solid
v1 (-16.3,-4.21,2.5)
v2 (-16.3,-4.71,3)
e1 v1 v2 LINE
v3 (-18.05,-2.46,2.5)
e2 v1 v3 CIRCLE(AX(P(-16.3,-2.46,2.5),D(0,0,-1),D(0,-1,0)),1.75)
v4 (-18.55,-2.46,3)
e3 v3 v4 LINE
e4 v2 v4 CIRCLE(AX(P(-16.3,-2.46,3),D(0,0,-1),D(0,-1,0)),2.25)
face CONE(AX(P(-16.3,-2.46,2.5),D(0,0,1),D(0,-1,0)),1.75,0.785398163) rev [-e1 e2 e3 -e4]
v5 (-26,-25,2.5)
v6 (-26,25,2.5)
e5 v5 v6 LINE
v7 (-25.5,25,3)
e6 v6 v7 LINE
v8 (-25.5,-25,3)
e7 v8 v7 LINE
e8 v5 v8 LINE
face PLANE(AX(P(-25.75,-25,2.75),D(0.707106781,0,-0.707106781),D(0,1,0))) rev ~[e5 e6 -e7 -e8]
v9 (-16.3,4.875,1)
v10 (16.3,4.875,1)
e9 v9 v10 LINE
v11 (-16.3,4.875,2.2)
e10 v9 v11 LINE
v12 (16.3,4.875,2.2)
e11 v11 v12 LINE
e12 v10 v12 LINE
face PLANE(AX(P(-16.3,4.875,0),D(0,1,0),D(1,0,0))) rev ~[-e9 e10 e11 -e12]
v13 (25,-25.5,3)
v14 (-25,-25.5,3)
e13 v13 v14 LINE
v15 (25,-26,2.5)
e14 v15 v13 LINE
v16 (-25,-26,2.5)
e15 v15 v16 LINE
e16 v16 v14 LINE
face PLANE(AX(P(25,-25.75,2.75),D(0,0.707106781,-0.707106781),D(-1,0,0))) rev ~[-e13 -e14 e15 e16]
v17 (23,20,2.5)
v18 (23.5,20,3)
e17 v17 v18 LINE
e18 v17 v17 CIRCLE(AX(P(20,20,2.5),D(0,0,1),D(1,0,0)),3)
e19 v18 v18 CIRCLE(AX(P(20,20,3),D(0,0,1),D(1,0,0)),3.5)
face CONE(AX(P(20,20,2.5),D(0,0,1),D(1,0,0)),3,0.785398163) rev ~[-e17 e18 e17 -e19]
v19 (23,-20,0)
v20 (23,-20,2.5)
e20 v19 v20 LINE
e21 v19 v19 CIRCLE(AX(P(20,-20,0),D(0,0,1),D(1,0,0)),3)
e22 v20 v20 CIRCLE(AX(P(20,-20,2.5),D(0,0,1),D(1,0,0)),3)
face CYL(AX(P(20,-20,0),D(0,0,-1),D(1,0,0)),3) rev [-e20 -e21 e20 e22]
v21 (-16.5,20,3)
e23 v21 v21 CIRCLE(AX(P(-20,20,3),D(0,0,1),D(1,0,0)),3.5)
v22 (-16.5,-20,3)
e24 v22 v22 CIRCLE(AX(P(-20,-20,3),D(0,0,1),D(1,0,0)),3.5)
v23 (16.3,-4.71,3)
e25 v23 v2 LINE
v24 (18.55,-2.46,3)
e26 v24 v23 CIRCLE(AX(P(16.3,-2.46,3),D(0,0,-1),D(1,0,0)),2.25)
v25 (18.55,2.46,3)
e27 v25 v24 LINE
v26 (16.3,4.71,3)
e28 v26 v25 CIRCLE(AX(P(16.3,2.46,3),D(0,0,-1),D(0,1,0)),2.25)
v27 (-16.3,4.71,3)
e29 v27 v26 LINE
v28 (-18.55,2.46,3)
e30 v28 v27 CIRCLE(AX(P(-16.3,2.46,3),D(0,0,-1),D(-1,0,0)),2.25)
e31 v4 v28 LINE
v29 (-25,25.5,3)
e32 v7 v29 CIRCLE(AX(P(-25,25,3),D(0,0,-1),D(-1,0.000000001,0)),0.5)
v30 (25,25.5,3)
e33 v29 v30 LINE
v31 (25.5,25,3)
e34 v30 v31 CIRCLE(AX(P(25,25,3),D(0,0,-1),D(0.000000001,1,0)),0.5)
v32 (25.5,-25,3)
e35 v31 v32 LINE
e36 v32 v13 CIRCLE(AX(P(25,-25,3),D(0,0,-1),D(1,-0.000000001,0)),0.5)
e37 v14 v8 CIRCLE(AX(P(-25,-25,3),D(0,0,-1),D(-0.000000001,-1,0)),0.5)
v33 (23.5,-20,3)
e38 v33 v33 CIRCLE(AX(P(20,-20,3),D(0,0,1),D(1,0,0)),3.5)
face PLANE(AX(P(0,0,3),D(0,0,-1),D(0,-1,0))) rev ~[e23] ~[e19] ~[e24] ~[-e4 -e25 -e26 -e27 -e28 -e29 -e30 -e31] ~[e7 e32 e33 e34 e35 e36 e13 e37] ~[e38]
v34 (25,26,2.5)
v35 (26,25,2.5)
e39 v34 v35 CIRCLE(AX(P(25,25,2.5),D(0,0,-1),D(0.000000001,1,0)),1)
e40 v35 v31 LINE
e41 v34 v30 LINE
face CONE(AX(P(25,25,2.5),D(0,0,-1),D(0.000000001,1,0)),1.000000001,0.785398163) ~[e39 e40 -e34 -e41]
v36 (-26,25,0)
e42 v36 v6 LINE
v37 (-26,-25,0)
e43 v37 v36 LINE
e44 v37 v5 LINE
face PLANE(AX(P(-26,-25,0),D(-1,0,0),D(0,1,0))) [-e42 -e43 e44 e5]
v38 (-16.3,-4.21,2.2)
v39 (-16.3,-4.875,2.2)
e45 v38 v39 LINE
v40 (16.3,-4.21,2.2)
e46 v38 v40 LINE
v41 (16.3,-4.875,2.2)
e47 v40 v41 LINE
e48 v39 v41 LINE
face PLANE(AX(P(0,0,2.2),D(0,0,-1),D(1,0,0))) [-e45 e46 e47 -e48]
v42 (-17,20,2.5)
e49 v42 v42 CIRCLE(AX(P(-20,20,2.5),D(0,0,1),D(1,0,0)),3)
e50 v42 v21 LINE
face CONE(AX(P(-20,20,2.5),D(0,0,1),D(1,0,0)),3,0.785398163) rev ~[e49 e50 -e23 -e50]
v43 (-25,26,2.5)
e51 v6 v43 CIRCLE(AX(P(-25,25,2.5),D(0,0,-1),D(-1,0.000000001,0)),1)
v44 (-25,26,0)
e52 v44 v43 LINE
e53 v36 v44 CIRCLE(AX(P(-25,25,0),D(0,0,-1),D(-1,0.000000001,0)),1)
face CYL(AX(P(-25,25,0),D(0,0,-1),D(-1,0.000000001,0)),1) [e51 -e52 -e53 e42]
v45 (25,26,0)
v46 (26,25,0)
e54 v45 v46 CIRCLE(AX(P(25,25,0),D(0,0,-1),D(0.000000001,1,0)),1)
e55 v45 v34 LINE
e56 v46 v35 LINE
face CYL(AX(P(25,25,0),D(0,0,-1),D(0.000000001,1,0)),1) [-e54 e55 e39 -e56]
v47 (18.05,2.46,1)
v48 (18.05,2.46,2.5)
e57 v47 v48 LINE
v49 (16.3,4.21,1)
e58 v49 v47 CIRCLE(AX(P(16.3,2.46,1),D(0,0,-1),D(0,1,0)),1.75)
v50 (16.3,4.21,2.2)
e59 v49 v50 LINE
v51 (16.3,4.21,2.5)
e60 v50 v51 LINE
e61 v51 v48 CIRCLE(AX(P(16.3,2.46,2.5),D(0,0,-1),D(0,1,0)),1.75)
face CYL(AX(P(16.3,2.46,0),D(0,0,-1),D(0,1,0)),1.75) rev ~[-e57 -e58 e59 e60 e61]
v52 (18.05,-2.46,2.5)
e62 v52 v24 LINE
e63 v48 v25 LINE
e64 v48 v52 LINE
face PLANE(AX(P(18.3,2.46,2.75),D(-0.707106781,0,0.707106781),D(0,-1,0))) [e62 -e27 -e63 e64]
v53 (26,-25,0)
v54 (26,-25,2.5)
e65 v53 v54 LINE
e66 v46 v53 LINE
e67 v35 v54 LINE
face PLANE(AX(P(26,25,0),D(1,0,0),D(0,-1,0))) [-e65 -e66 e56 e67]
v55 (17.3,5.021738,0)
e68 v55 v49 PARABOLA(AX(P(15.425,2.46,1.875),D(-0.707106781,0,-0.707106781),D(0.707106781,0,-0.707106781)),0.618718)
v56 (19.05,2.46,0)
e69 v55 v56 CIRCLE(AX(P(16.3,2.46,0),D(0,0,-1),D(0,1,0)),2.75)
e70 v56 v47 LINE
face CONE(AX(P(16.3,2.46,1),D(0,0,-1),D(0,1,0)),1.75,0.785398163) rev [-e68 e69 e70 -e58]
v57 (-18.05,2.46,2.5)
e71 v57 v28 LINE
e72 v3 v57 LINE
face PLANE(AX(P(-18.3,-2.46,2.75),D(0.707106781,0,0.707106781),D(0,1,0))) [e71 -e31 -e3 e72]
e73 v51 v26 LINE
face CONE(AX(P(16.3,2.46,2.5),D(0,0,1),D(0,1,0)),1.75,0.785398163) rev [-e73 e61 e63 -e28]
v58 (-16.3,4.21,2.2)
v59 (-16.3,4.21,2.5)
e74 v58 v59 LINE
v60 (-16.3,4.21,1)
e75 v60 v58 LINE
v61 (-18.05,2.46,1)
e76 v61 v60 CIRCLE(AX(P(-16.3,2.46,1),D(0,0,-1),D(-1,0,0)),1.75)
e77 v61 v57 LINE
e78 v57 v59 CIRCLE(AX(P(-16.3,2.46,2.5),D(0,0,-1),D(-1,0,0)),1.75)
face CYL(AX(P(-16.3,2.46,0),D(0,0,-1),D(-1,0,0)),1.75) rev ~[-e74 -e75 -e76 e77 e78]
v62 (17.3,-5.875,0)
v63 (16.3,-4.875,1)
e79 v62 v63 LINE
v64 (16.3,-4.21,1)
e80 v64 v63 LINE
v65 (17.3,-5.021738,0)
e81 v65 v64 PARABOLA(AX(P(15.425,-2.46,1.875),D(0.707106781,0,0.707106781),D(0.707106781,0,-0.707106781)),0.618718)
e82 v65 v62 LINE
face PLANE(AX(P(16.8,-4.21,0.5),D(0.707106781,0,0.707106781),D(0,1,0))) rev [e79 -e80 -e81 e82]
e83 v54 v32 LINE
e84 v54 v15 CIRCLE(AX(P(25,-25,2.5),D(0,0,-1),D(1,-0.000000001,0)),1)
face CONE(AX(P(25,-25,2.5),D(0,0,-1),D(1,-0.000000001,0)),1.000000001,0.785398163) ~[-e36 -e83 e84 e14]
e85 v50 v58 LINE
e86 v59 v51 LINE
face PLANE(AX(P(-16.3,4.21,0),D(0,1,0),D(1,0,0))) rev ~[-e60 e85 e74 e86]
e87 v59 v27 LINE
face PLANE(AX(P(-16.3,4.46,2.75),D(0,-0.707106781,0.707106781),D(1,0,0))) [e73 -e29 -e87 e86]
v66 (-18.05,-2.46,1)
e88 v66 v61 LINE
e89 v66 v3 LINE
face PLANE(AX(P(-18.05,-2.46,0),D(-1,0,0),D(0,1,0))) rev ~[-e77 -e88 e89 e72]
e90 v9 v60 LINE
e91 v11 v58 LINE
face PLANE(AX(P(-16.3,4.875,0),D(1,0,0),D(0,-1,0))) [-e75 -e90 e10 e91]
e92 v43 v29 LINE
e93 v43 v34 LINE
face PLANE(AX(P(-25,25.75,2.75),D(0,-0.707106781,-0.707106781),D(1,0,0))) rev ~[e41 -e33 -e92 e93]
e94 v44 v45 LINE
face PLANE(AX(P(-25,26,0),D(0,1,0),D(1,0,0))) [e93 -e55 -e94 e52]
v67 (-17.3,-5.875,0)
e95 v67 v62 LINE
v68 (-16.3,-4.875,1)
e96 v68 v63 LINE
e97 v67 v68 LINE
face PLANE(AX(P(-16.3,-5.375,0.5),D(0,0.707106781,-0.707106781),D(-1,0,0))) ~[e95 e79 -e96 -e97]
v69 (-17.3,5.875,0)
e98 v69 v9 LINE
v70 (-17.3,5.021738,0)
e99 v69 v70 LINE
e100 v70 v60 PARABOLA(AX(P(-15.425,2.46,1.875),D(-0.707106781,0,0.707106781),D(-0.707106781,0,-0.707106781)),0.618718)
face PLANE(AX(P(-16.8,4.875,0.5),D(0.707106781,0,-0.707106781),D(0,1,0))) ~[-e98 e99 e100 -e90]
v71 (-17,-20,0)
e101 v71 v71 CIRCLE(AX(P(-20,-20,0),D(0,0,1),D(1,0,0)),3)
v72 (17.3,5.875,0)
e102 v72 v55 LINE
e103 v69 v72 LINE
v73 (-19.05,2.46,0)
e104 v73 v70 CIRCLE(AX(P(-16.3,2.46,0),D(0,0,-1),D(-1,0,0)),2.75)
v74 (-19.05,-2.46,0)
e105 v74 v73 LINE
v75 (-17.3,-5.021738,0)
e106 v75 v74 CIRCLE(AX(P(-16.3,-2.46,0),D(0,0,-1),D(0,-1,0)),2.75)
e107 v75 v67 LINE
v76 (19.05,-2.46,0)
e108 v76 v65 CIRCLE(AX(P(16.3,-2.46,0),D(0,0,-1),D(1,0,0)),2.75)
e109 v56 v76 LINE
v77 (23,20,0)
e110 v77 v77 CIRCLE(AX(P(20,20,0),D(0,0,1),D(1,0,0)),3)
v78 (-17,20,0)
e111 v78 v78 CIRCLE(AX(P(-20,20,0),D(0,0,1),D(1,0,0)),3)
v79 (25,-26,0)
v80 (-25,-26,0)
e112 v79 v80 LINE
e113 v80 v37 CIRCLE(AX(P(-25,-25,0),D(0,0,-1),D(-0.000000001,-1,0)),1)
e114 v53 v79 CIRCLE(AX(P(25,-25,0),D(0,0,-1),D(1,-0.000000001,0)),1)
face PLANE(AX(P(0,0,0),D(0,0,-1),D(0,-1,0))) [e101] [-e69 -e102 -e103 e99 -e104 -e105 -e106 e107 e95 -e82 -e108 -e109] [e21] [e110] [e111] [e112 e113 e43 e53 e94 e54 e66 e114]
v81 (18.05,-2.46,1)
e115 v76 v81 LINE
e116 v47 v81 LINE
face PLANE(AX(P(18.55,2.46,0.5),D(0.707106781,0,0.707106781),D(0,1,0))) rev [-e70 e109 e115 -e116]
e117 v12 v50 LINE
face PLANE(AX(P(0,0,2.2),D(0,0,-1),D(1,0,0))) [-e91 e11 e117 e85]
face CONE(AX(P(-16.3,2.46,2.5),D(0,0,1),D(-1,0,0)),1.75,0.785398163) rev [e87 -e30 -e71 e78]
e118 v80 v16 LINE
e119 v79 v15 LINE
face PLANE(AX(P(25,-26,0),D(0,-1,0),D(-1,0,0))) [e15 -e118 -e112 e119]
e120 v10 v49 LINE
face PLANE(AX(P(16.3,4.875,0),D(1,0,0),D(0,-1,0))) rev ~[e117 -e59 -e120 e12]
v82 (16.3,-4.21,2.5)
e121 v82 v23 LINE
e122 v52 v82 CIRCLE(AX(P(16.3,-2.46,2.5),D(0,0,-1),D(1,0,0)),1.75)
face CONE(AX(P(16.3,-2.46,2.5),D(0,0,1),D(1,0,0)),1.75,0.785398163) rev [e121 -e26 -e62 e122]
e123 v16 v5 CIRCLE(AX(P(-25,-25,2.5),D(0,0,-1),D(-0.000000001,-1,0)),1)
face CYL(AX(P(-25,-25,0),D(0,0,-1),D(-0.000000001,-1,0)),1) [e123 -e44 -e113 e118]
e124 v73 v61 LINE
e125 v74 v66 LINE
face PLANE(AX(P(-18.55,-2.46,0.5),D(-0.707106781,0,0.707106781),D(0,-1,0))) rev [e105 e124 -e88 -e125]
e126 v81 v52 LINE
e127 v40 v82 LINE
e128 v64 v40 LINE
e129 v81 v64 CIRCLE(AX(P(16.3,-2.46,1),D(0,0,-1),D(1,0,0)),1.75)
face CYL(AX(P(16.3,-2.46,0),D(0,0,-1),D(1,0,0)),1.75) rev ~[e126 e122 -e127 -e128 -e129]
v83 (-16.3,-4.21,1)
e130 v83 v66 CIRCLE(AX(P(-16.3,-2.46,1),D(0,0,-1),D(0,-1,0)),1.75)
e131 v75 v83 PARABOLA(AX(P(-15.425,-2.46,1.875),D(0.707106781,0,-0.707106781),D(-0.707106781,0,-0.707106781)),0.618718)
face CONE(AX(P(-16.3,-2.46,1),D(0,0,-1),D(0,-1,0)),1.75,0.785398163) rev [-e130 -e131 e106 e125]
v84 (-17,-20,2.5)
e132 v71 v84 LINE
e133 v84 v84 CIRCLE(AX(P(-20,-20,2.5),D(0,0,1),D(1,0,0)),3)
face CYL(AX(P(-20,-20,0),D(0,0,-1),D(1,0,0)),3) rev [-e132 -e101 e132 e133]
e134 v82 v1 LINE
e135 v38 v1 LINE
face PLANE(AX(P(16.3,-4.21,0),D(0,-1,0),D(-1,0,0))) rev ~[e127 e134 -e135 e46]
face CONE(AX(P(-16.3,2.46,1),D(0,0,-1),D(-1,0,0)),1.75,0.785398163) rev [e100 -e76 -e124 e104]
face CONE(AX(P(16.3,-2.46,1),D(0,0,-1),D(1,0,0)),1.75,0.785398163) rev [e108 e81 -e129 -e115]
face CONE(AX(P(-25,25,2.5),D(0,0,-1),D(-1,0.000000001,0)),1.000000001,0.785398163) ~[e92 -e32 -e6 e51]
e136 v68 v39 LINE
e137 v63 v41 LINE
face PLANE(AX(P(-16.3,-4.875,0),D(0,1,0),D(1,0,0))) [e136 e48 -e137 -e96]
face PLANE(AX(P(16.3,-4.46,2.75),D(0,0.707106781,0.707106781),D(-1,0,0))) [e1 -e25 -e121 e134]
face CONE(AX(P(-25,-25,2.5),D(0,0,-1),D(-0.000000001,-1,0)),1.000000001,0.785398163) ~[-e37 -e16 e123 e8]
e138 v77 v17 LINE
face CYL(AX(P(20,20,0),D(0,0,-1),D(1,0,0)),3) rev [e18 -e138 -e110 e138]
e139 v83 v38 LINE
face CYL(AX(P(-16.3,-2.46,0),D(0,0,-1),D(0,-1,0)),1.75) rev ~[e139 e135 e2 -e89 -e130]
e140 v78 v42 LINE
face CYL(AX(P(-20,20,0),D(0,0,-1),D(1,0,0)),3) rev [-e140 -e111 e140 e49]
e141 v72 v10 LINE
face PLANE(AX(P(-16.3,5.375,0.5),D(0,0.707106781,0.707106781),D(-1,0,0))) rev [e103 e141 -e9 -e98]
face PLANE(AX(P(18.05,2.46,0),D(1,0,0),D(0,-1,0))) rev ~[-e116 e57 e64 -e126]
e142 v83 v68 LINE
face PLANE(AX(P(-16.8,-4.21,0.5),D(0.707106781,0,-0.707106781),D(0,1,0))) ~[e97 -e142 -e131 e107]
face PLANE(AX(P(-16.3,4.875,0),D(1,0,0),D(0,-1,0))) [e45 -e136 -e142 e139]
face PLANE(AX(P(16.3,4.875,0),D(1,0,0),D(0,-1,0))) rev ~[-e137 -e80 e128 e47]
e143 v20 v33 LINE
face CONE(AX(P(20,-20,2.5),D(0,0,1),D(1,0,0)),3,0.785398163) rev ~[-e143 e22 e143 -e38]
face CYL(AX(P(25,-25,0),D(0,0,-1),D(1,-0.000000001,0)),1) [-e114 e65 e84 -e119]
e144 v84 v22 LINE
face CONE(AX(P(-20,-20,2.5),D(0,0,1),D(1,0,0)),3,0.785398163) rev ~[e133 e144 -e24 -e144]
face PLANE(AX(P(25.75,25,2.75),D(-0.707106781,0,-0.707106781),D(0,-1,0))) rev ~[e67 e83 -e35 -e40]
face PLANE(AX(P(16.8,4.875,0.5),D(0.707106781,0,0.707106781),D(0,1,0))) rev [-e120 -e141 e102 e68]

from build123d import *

# Parameters (mm, degrees)
SKETCH1_R           = 3
BOSS_EXTRUDE1_DEPTH = 3
SKETCH2_W           = 32.6
SKETCH2_H           = 9.75
CUT_EXTRUDE1_DEPTH  = 2.2
CHAMFER1_SIZE       = 1
CHAMFER3_SIZE       = 0.5


with BuildPart() as part:
    # Sketch1 → Boss-Extrude1 (new body)
    with BuildSketch(Plane(origin=(0, 0, 0), x_dir=(0, 1, 0), z_dir=(0, 0, 1))):
        with BuildLine():
            Line((-25, 26), (25, 26))
            ThreePointArc((25, 26), (25.707106781, 25.707106781), (26, 25))
            Line((26, 25), (26, 6.375))
            Line((26, 6.375), (26, -6.375))
            Line((26, -6.375), (26, -25))
            ThreePointArc((26, -25), (25.707106781, -25.707106781), (25, -26))
            Line((25, -26), (-25, -26))
            ThreePointArc((-25, -26), (-25.707106781, -25.707106781), (-26, -25))
            Line((-26, -25), (-26, -6.375))
            Line((-26, -6.375), (-26, 6.375))
            Line((-26, 6.375), (-26, 25))
            ThreePointArc((-26, 25), (-25.707106781, 25.707106781), (-25, 26))
        make_face()
        with Locations(Location((-20, 20, 0), (0, 0, 270))):
            Circle(SKETCH1_R, mode=Mode.SUBTRACT)
        with Locations(Location((20, 20, 0), (0, 0, 270))):
            Circle(SKETCH1_R, mode=Mode.SUBTRACT)
        with Locations(Location((20, -20, 0), (0, 0, 270))):
            Circle(SKETCH1_R, mode=Mode.SUBTRACT)
        with Locations(Location((-20, -20, 0), (0, 0, 270))):
            Circle(SKETCH1_R, mode=Mode.SUBTRACT)
        with BuildLine():
            Line((-2.46, 18.05), (2.46, 18.05))
            ThreePointArc((2.46, 18.05), (3.697436867, 17.537436867), (4.21, 16.3))
            Line((4.21, 16.3), (4.21, -16.3))
            ThreePointArc((4.21, -16.3), (3.697436867, -17.537436867), (2.46, -18.05))
            Line((2.46, -18.05), (-2.46, -18.05))
            ThreePointArc((-2.46, -18.05), (-3.697436867, -17.537436867), (-4.21, -16.3))
            Line((-4.21, -16.3), (-4.21, 16.3))
            ThreePointArc((-4.21, 16.3), (-3.697436867, 17.537436867), (-2.46, 18.05))
        make_face(mode=Mode.SUBTRACT)
    extrude(amount=BOSS_EXTRUDE1_DEPTH)

    # Sketch2 → Cut-Extrude1 (cut)
    with BuildSketch(Plane(origin=(0, 0, 0), x_dir=(1, 0, 0), z_dir=(0, 0, -1))):
        Rectangle(SKETCH2_W, SKETCH2_H)
    extrude(amount=-CUT_EXTRUDE1_DEPTH, mode=Mode.SUBTRACT)

    # Chamfer1
    chamfer1_edges = [part.edges().sort_by_distance(p)[0] for p in [
        (17.537436867, -3.697436867, 0),
        (18.05, 0, 0),
        (17.537436867, 3.697436867, 0),
        (-17.537436867, 3.697436867, 0),
        (-18.05, 0, 0),
        (-17.537436867, -3.697436867, 0),
        (16.3, 4.5425, 0),
        (-16.3, 4.5425, 0),
        (0, 4.875, 0),
        (-16.3, -4.5425, 0),
        (16.3, -4.5425, 0),
        (0, -4.875, 0),
    ]]
    chamfer(chamfer1_edges, length=CHAMFER1_SIZE)

    # Chamfer3
    chamfer3_edges = [part.edges().sort_by_distance(p)[0] for p in [
        (25.707106781, -25.707106781, 3),
        (26, 0, 3),
        (25.707106781, 25.707106781, 3),
        (0, 26, 3),
        (-23, -20, 3),
        (-23, 20, 3),
        (17, 20, 3),
        (-25.707106781, 25.707106781, 3),
        (17, -20, 3),
        (-26, 0, 3),
        (-25.707106781, -25.707106781, 3),
        (17.537436867, -3.697436867, 3),
        (18.05, 0, 3),
        (17.537436867, 3.697436867, 3),
        (0, 4.21, 3),
        (-17.537436867, 3.697436867, 3),
        (-18.05, 0, 3),
        (-17.537436867, -3.697436867, 3),
        (0, -4.21, 3),
        (0, -26, 3),
    ]]
    chamfer(chamfer3_edges, length=CHAMFER3_SIZE)


solid = part.part
